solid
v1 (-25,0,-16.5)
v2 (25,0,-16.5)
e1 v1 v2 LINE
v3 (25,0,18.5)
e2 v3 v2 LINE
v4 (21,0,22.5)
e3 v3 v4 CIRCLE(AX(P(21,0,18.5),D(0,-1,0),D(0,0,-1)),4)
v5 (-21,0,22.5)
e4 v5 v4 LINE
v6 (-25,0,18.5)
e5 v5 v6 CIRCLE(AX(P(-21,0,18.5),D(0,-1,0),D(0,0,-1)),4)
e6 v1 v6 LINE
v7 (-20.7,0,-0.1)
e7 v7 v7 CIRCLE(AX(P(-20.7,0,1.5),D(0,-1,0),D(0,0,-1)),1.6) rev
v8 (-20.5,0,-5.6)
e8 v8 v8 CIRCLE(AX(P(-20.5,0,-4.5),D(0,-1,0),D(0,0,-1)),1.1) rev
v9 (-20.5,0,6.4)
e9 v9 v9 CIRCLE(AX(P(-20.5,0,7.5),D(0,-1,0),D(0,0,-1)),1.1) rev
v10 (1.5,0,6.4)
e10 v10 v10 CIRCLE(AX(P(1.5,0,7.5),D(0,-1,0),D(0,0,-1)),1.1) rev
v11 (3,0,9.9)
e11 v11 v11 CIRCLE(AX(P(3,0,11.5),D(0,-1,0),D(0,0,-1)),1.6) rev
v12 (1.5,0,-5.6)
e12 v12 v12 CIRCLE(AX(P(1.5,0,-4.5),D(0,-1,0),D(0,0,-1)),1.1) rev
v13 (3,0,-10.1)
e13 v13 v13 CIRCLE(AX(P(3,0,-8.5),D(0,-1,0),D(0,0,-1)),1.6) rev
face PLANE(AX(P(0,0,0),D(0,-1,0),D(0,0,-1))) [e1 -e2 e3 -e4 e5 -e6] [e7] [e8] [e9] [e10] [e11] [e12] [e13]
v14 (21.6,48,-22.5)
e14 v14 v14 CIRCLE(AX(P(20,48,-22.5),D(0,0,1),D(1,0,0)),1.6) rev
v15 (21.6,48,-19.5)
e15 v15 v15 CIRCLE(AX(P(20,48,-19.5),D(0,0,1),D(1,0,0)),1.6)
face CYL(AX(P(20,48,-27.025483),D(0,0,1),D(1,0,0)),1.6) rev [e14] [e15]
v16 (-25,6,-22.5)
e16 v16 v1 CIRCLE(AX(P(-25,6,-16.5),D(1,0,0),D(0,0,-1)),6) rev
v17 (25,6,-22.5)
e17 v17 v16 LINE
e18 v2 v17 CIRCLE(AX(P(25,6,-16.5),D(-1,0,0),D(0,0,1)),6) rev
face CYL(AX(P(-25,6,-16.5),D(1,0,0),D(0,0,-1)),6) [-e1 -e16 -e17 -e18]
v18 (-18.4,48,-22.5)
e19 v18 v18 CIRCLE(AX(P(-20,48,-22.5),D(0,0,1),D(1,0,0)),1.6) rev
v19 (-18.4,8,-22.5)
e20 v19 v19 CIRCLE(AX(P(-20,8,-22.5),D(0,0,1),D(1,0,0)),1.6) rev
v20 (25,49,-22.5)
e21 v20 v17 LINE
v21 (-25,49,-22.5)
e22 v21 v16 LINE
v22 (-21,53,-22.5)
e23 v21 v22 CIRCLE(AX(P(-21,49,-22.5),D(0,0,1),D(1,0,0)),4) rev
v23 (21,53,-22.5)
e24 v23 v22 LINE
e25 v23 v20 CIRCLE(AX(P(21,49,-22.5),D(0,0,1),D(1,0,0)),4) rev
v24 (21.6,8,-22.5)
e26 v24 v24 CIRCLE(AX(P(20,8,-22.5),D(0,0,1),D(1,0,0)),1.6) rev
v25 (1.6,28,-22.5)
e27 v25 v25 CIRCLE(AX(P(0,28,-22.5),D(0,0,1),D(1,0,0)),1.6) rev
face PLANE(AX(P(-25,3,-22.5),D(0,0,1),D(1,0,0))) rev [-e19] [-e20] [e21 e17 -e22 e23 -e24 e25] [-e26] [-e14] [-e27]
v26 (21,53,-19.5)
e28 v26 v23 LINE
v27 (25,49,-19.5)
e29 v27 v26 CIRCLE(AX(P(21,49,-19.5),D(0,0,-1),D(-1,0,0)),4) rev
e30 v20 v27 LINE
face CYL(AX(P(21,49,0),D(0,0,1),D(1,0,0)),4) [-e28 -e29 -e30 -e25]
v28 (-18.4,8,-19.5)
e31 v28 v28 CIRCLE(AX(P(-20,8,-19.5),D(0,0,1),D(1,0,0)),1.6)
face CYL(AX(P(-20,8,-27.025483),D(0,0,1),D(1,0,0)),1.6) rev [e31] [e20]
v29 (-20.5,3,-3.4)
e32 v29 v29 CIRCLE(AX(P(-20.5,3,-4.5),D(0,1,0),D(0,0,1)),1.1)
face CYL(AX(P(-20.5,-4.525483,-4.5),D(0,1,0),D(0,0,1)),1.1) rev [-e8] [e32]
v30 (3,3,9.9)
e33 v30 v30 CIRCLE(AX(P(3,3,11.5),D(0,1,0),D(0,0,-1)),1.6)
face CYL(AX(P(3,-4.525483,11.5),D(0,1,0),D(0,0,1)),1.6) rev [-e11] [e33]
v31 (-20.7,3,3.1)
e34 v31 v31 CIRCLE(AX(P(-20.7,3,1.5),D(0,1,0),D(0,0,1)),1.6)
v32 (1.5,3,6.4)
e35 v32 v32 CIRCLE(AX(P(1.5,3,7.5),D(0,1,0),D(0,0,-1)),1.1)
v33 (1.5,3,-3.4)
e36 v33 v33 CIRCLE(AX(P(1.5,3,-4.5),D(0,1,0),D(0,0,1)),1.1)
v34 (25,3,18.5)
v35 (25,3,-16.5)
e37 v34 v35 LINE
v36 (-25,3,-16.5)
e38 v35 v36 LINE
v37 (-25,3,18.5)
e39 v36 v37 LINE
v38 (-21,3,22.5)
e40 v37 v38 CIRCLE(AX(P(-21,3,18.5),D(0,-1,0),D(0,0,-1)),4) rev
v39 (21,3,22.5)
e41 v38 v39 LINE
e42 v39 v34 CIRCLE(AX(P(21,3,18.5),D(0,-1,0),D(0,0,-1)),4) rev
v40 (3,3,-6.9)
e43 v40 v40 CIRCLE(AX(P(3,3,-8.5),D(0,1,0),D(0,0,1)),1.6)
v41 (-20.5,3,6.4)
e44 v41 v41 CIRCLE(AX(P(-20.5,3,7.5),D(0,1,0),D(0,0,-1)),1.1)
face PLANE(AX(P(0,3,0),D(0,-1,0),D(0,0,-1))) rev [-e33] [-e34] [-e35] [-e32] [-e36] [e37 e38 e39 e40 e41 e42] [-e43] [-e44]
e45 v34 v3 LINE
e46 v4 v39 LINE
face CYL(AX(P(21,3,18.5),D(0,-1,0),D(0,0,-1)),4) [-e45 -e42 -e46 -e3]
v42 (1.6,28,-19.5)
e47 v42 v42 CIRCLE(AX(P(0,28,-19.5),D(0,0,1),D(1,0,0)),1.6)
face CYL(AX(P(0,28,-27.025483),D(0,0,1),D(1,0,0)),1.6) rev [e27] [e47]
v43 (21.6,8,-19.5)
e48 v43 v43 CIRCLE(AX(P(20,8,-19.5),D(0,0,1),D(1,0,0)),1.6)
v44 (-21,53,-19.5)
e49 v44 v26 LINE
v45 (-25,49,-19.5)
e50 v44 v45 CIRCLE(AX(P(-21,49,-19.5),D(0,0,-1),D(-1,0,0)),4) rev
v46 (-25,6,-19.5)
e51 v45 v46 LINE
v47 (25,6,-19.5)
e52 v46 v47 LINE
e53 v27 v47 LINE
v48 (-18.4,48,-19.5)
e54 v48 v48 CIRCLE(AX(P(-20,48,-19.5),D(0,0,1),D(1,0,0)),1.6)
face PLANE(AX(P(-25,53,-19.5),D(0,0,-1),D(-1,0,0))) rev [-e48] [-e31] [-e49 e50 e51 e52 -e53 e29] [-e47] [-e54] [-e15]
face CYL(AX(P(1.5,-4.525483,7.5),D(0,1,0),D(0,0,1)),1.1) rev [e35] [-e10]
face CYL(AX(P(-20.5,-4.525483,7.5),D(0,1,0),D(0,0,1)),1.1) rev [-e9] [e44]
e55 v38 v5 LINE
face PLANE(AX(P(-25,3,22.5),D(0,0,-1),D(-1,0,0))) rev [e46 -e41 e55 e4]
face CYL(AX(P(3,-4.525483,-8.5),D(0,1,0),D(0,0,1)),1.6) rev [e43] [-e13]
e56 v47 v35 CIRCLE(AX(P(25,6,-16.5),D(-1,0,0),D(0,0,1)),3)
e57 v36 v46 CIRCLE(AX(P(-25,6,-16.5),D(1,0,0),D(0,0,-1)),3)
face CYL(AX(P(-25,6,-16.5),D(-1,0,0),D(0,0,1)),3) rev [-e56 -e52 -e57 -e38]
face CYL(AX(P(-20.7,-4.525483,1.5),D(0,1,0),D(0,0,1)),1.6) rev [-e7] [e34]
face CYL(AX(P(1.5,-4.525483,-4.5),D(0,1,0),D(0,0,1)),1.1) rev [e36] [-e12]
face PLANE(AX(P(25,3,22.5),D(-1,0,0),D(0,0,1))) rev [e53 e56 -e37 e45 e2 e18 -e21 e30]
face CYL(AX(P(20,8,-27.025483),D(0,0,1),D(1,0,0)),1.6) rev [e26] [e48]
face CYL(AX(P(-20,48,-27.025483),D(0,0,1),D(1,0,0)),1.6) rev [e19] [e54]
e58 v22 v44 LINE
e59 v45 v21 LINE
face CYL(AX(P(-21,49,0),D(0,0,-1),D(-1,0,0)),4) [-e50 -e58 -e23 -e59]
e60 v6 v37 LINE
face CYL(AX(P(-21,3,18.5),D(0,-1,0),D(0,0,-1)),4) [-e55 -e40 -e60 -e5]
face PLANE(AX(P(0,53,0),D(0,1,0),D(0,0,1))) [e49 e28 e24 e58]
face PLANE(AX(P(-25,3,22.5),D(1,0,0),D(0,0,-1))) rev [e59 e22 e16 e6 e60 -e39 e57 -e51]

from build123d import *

# Parameters (mm, degrees)
SKETCH1_W           = 50
SKETCH1_H           = 45
BOSS_EXTRUDE1_DEPTH = 3
SKETCH2_W           = 50
SKETCH2_H           = 3
BOSS_EXTRUDE2_DEPTH = 50
SKETCH3_R           = 1.6
SKETCH3_R_2         = 1.1
CUT_EXTRUDE1_DEPTH  = 3
SKETCH4_R           = 1.6
CUT_EXTRUDE2_DEPTH  = 3
FILLET1_R           = 4
FILLET2_R           = 3
FILLET3_R           = 6


with BuildPart() as part:
    # Sketch1 → Boss-Extrude1 (new body)
    with BuildSketch(Plane(origin=(0, 0, 0), x_dir=(1, 0, 0), z_dir=(0, 1, 0))):
        Rectangle(SKETCH1_W, SKETCH1_H)
    extrude(amount=BOSS_EXTRUDE1_DEPTH)

    # Sketch2 → Boss-Extrude2 (add)
    with BuildSketch(Plane(origin=(0, 3, 0), x_dir=(1, 0, 0), z_dir=(0, 1, 0))):
        with Locations((0, 21)):
            Rectangle(SKETCH2_W, SKETCH2_H)
    extrude(amount=BOSS_EXTRUDE2_DEPTH)

    # Sketch3 → Cut-Extrude1 (cut)
    with BuildSketch(Plane(origin=(0, 3, 0), x_dir=(1, 0, 0), z_dir=(0, 1, 0))):
        with Locations(Location((3, 8.5, 0), (0, 0, 270))):
            Circle(SKETCH3_R)
        with Locations(Location((3, -11.5, 0), (0, 0, 90))):
            Circle(SKETCH3_R)
        with Locations(Location((-20.7, -1.5, 0), (0, 0, 270))):
            Circle(SKETCH3_R)
        with Locations(Location((1.5, 4.5, 0), (0, 0, 270))):
            Circle(SKETCH3_R_2)
        with Locations(Location((1.5, -7.5, 0), (0, 0, 90))):
            Circle(SKETCH3_R_2)
        with Locations(Location((-20.5, 4.5, 0), (0, 0, 270))):
            Circle(SKETCH3_R_2)
        with Locations(Location((-20.5, -7.5, 0), (0, 0, 90))):
            Circle(SKETCH3_R_2)
    extrude(amount=-CUT_EXTRUDE1_DEPTH, mode=Mode.SUBTRACT)

    # Sketch4 → Cut-Extrude2 (cut)
    with BuildSketch(Plane.XY.offset(-19.5)):
        with Locations((-20, 48)):
            Circle(SKETCH4_R)
        with Locations((20, 48)):
            Circle(SKETCH4_R)
        with Locations((20, 8)):
            Circle(SKETCH4_R)
        with Locations((-20, 8)):
            Circle(SKETCH4_R)
        with Locations((0, 28)):
            Circle(SKETCH4_R)
    extrude(amount=-CUT_EXTRUDE2_DEPTH, mode=Mode.SUBTRACT)

    # Fillet1
    fillet1_edges = [part.edges().sort_by_distance(p)[0] for p in [
        (-25, 53, -21),
        (25, 53, -21),
        (25, 1.5, 22.5),
        (-25, 1.5, 22.5),
    ]]
    fillet(fillet1_edges, radius=FILLET1_R)

    # Fillet2
    fillet2_edges = [part.edges().sort_by_distance(p)[0] for p in [
        (0, 3, -19.5),
    ]]
    fillet(fillet2_edges, radius=FILLET2_R)

    # Fillet3
    fillet3_edges = [part.edges().sort_by_distance(p)[0] for p in [
        (0, 0, -22.5),
    ]]
    fillet(fillet3_edges, radius=FILLET3_R)


solid = part.part
